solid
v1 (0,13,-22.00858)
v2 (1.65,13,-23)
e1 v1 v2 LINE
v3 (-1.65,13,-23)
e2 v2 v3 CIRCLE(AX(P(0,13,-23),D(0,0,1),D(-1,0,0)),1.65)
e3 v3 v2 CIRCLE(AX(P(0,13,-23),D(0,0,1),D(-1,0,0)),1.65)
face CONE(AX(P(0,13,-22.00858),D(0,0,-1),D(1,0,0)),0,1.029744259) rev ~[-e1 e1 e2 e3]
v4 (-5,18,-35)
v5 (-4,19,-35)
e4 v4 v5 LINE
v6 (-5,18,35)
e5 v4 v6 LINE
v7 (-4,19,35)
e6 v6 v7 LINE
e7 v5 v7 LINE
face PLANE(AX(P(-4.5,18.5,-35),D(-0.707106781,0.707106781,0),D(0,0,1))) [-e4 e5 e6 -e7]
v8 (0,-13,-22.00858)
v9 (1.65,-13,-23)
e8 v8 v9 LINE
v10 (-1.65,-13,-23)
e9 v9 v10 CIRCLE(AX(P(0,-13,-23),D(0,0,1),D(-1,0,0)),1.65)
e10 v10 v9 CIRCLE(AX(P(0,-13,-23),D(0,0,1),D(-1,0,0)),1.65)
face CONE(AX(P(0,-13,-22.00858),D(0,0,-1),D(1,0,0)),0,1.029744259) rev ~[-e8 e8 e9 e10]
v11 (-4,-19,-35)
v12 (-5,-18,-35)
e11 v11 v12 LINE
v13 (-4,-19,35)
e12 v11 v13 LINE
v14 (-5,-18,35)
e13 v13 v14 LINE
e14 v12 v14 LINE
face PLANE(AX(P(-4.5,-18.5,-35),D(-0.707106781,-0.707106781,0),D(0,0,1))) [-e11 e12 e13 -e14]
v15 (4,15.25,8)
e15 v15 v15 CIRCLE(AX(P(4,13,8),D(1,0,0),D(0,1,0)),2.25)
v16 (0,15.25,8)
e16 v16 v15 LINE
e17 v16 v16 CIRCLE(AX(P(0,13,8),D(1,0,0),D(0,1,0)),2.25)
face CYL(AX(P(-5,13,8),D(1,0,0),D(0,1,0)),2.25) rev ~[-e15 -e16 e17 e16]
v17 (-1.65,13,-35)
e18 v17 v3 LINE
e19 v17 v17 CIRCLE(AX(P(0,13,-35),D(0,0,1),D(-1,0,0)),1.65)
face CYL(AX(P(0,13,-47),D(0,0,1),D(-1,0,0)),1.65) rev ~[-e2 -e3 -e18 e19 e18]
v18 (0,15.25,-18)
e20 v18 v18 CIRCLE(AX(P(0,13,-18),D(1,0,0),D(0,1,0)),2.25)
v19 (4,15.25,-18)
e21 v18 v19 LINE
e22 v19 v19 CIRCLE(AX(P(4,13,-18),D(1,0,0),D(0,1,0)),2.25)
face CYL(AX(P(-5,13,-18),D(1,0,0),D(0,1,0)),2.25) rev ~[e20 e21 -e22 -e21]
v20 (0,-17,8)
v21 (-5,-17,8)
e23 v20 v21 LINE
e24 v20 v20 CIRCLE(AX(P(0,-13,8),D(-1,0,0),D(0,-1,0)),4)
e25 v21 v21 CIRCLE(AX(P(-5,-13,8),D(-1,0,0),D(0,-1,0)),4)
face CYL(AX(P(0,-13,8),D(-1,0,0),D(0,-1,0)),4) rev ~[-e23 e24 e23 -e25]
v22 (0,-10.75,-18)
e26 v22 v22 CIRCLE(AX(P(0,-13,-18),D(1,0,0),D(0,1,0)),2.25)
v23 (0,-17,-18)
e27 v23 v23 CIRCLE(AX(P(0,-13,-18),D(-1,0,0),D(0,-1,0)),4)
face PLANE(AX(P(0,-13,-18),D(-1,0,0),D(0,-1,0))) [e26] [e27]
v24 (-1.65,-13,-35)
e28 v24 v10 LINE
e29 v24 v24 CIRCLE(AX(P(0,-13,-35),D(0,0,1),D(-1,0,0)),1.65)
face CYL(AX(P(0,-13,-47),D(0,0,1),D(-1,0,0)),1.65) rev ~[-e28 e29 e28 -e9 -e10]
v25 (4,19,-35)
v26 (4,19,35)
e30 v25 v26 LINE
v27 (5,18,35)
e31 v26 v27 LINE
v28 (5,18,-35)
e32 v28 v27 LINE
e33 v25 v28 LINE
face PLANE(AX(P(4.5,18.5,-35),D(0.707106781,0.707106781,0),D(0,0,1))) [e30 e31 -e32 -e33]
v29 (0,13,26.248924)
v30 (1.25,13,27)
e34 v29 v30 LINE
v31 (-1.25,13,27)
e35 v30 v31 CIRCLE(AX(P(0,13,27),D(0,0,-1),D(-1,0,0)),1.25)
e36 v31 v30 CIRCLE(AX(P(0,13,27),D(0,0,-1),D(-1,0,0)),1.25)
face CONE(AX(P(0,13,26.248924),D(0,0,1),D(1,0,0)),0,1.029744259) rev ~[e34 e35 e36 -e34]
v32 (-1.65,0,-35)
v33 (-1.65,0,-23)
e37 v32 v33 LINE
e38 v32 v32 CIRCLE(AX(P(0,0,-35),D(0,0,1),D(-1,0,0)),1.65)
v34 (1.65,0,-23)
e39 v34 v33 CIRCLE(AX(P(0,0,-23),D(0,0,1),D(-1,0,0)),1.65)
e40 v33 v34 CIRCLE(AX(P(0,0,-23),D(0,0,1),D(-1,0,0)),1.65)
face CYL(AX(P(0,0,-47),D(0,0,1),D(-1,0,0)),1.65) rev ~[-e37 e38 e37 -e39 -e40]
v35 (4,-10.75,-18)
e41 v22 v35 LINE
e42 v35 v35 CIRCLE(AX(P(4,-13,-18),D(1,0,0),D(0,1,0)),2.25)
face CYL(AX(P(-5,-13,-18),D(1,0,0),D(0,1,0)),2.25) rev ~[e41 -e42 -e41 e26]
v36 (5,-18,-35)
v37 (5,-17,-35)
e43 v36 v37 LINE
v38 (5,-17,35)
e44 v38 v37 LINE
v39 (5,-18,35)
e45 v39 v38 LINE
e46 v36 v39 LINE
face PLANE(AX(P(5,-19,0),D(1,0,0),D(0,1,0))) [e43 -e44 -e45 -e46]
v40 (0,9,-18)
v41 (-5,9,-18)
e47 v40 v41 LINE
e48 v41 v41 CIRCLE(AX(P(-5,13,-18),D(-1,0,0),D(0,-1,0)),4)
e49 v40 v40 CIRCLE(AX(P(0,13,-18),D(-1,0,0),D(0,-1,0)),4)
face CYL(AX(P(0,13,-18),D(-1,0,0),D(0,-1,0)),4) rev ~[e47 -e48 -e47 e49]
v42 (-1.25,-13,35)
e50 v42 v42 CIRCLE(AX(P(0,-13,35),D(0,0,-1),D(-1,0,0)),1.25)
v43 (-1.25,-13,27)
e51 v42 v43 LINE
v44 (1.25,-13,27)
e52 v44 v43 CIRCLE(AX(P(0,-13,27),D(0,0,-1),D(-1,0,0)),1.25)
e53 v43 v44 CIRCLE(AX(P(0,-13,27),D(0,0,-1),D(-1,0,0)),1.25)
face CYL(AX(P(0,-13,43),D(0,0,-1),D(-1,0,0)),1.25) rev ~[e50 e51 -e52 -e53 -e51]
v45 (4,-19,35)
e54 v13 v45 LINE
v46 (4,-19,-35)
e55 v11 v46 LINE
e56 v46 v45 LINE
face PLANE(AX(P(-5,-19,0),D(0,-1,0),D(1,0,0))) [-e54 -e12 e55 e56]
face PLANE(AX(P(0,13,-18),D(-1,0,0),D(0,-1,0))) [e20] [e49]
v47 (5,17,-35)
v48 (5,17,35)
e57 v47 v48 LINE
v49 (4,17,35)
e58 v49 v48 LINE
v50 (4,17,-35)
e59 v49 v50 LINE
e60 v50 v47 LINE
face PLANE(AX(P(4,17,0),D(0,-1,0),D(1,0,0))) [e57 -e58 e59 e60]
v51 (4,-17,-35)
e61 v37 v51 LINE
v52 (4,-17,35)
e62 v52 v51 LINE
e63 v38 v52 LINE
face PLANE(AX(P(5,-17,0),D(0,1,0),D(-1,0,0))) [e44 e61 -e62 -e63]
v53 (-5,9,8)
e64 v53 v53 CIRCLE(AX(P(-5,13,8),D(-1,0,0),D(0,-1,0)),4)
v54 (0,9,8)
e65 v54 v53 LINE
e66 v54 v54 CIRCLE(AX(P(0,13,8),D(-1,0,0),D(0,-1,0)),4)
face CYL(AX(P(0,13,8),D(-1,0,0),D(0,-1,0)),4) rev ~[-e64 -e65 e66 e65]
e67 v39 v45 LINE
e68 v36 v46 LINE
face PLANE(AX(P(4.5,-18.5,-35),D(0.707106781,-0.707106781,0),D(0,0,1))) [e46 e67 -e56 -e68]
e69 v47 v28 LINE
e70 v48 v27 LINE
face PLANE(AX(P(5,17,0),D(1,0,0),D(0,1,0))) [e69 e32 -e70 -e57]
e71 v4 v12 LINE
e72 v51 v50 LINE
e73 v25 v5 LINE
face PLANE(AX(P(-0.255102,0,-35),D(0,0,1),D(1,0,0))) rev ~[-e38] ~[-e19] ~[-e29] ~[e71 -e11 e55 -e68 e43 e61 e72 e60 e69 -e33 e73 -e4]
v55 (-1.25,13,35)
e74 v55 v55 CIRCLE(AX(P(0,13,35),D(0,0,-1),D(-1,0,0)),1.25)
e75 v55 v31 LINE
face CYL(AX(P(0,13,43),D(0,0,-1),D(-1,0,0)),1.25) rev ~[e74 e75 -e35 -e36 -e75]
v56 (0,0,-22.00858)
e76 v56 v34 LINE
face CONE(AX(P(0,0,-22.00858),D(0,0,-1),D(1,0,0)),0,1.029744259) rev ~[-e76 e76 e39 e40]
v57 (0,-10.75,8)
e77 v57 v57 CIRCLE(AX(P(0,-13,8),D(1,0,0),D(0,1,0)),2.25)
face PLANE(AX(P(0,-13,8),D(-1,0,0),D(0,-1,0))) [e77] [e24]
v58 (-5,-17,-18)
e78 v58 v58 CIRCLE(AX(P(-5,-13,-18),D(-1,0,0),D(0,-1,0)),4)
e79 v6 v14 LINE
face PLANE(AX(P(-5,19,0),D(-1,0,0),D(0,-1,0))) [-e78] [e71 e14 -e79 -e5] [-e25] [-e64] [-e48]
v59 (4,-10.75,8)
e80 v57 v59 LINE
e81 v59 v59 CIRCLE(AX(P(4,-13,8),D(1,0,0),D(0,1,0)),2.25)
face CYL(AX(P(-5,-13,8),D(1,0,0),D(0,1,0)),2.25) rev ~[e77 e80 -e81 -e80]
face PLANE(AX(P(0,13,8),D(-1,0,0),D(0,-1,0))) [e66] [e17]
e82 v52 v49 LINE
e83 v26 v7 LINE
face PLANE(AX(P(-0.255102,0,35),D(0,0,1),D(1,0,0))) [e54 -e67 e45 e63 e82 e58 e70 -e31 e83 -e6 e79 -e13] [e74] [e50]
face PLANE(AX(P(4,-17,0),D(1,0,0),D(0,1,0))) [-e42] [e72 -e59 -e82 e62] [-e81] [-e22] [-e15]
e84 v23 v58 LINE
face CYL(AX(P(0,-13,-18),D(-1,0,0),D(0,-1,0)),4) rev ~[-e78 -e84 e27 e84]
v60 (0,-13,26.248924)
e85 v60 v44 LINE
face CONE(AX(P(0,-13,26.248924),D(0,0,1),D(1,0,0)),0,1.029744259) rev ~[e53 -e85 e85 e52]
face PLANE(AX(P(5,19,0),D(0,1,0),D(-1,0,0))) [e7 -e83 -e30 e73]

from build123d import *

# Parameters (mm, degrees)
F1_DEPTH       = 35
F2_SIZE        = 1
F4_D           = 2.5
F4_DEPTH       = 8
F4_TIP         = 0.7510757738
F6_D           = 4.5
F6_CBORE_D     = 8
F6_CBORE_DEPTH = 5
F8_D           = 3.3
F8_DEPTH       = 12
F8_TIP         = 0.9914200214


with BuildPart() as f1:
    # F0 (on Top) → F1 (new body, symmetric)
    with BuildSketch(Plane.XY):
        Polygon((4, 17), (5, 17), (5, 19), (-5, 19), (-5, -19), (5, -19), (5, -17), (4, -17), (4, 0), align=None)
    extrude(amount=F1_DEPTH, both=True)

    # F2
    f2_edges = [f1.edges().sort_by_distance(p)[0] for p in [
        (-5, 19, 0),
        (5, 19, 0),
        (-5, -19, 0),
        (5, -19, 0),
    ]]
    chamfer(f2_edges, length=F2_SIZE)

    # F4
    with Locations(Plane.XY.offset(35)):
        with Locations((0, 13), (0, -13)):
            Hole(F4_D / 2, depth=F4_DEPTH)
            with Locations((0, 0, -(F4_DEPTH + F4_TIP / 2))):  # 118° drill point
                Cone(0, F4_D / 2, F4_TIP, mode=Mode.SUBTRACT)

    # F6 (through all)
    with Locations(Plane(origin=(-5, 0, 0), x_dir=(0, -1, 0), z_dir=(-1, 0, 0))):
        with Locations((-13, 8), (13, 8), (13, -18), (-13, -18)):
            CounterBoreHole(F6_D / 2, F6_CBORE_D / 2, F6_CBORE_DEPTH)

    # F8
    with Locations(Plane(origin=(0, 0, -35), x_dir=(1, 0, 0), z_dir=(0, 0, -1))):
        with Locations((0, 13), (0, 0), (0, -13)):
            Hole(F8_D / 2, depth=F8_DEPTH)
            with Locations((0, 0, -(F8_DEPTH + F8_TIP / 2))):  # 118° drill point
                Cone(0, F8_D / 2, F8_TIP, mode=Mode.SUBTRACT)


solid = f1.part
